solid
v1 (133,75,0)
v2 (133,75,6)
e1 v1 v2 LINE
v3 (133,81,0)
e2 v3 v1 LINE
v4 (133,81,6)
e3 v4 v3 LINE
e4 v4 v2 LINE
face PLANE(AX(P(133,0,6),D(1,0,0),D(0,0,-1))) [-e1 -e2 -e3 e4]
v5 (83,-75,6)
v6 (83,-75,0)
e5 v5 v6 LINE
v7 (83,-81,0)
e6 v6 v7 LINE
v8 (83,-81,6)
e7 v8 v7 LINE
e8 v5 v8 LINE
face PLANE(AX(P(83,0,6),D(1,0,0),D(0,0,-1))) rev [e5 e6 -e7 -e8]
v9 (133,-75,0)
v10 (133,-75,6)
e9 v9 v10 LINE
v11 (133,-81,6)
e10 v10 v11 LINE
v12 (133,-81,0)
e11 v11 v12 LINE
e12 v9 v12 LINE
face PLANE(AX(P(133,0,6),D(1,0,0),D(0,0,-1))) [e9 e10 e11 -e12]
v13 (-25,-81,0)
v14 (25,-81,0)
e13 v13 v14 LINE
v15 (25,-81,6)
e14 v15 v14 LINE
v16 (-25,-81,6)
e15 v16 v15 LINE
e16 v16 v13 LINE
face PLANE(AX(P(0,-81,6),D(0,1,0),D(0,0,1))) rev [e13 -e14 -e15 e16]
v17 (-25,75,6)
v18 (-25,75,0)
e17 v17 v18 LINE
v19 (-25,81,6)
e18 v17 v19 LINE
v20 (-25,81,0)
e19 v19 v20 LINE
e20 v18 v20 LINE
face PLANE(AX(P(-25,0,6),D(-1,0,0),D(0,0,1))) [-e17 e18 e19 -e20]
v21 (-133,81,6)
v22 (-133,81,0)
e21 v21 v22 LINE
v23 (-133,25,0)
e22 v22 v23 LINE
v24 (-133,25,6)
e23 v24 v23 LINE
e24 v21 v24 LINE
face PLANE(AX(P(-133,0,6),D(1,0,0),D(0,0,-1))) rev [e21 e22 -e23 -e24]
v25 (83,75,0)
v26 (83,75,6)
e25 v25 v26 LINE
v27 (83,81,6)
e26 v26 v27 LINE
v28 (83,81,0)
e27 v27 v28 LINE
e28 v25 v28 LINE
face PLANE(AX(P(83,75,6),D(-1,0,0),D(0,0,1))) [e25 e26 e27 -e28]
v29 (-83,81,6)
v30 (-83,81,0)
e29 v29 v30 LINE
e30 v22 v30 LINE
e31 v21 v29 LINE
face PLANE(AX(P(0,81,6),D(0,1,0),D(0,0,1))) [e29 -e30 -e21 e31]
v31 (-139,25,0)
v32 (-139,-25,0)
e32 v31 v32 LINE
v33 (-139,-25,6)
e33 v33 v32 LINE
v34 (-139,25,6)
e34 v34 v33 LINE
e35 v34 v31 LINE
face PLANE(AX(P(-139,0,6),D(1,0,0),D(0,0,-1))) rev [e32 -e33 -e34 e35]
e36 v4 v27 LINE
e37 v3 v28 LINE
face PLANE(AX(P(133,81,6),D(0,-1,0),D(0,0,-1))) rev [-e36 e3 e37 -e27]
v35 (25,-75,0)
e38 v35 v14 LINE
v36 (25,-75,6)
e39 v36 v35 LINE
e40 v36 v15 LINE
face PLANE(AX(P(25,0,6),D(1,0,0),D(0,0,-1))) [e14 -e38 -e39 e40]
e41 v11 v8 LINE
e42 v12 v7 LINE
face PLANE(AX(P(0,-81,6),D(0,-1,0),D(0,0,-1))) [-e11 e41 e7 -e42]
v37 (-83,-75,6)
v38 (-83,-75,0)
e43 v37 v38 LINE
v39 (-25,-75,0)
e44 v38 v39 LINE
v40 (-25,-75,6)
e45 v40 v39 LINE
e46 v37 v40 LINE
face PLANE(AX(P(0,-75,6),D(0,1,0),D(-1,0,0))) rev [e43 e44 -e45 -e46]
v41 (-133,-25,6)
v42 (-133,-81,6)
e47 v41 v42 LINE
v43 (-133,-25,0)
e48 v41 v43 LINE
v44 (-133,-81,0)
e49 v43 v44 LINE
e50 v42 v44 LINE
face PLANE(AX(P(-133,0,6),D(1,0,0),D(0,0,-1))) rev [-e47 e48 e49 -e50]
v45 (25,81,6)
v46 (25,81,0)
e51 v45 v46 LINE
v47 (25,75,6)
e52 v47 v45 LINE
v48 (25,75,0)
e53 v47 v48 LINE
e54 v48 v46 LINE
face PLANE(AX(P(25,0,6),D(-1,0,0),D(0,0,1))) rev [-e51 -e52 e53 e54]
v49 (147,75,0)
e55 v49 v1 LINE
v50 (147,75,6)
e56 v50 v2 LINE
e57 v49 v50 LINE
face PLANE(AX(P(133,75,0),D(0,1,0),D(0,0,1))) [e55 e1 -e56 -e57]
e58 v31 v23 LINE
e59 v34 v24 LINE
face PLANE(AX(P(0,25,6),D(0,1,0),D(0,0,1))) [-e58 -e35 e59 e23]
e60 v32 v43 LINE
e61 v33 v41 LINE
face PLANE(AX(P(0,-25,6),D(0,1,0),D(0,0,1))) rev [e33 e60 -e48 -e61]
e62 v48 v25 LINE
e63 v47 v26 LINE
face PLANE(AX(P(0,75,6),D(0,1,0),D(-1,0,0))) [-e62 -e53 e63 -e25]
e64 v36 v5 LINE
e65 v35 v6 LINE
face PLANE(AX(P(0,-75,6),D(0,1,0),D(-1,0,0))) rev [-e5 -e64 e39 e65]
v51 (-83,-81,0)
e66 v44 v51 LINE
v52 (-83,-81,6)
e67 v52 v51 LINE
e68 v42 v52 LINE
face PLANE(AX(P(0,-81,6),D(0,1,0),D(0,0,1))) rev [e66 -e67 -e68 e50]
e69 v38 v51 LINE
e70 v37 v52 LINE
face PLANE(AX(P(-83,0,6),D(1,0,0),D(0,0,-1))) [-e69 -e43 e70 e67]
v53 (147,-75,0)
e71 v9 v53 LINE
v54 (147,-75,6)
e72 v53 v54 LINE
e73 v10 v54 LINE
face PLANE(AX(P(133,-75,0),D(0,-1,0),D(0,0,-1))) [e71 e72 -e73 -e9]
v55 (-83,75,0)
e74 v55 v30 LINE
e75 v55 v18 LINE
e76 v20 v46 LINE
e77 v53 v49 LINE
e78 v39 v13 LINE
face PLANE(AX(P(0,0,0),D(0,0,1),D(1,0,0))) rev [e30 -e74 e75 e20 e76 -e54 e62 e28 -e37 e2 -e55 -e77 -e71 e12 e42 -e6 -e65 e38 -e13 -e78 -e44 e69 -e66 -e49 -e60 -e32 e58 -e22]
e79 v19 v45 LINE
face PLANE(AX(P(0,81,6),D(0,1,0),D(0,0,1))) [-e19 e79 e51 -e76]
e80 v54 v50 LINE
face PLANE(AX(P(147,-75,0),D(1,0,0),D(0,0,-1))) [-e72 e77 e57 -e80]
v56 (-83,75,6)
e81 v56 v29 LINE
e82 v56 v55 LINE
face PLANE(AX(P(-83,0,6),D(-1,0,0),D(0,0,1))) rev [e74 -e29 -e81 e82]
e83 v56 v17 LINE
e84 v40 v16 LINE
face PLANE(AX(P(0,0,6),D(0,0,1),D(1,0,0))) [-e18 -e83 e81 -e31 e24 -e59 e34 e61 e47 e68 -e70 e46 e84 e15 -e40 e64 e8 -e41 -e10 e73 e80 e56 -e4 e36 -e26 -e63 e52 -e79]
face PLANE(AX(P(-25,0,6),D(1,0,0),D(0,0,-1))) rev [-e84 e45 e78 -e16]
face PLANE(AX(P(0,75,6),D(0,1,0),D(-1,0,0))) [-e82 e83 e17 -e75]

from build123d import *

# Parameters (mm, degrees)
CROQUIS1_W              = 266
CROQUIS1_H              = 150
CROQUIS1_W_2            = 50
CROQUIS1_H_2            = 6
CROQUIS1_W_3            = 6
CROQUIS1_H_3            = 50
SALIENTE_EXTRUIR1_DEPTH = 6
CROQUIS3_W              = 14
CROQUIS3_H              = 150
SALIENTE_EXTRUIR4_DEPTH = 6


with BuildPart() as part:
    # Croquis1 → Saliente-Extruir1 (new body)
    with BuildSketch(Plane.XY):
        Rectangle(CROQUIS1_W, CROQUIS1_H)
        with Locations((-108, 78)):
            Rectangle(CROQUIS1_W_2, CROQUIS1_H_2)
        with Locations((0, 78)):
            Rectangle(CROQUIS1_W_2, CROQUIS1_H_2)
        with Locations((-108, -78)):
            Rectangle(CROQUIS1_W_2, CROQUIS1_H_2)
        with Locations((0, -78)):
            Rectangle(CROQUIS1_W_2, CROQUIS1_H_2)
        with Locations((108, -78)):
            Rectangle(CROQUIS1_W_2, CROQUIS1_H_2)
        with Locations((-136, 0)):
            Rectangle(CROQUIS1_W_3, CROQUIS1_H_3)
        with Locations((108, 78)):
            Rectangle(CROQUIS1_W_2, CROQUIS1_H_2)
    extrude(amount=SALIENTE_EXTRUIR1_DEPTH)

    # Croquis3 → Saliente-Extruir4 (add)
    with BuildSketch(Plane.XY.offset(6)):
        with Locations((140, 0)):
            Rectangle(CROQUIS3_W, CROQUIS3_H)
    extrude(amount=-SALIENTE_EXTRUIR4_DEPTH)


solid = part.part
